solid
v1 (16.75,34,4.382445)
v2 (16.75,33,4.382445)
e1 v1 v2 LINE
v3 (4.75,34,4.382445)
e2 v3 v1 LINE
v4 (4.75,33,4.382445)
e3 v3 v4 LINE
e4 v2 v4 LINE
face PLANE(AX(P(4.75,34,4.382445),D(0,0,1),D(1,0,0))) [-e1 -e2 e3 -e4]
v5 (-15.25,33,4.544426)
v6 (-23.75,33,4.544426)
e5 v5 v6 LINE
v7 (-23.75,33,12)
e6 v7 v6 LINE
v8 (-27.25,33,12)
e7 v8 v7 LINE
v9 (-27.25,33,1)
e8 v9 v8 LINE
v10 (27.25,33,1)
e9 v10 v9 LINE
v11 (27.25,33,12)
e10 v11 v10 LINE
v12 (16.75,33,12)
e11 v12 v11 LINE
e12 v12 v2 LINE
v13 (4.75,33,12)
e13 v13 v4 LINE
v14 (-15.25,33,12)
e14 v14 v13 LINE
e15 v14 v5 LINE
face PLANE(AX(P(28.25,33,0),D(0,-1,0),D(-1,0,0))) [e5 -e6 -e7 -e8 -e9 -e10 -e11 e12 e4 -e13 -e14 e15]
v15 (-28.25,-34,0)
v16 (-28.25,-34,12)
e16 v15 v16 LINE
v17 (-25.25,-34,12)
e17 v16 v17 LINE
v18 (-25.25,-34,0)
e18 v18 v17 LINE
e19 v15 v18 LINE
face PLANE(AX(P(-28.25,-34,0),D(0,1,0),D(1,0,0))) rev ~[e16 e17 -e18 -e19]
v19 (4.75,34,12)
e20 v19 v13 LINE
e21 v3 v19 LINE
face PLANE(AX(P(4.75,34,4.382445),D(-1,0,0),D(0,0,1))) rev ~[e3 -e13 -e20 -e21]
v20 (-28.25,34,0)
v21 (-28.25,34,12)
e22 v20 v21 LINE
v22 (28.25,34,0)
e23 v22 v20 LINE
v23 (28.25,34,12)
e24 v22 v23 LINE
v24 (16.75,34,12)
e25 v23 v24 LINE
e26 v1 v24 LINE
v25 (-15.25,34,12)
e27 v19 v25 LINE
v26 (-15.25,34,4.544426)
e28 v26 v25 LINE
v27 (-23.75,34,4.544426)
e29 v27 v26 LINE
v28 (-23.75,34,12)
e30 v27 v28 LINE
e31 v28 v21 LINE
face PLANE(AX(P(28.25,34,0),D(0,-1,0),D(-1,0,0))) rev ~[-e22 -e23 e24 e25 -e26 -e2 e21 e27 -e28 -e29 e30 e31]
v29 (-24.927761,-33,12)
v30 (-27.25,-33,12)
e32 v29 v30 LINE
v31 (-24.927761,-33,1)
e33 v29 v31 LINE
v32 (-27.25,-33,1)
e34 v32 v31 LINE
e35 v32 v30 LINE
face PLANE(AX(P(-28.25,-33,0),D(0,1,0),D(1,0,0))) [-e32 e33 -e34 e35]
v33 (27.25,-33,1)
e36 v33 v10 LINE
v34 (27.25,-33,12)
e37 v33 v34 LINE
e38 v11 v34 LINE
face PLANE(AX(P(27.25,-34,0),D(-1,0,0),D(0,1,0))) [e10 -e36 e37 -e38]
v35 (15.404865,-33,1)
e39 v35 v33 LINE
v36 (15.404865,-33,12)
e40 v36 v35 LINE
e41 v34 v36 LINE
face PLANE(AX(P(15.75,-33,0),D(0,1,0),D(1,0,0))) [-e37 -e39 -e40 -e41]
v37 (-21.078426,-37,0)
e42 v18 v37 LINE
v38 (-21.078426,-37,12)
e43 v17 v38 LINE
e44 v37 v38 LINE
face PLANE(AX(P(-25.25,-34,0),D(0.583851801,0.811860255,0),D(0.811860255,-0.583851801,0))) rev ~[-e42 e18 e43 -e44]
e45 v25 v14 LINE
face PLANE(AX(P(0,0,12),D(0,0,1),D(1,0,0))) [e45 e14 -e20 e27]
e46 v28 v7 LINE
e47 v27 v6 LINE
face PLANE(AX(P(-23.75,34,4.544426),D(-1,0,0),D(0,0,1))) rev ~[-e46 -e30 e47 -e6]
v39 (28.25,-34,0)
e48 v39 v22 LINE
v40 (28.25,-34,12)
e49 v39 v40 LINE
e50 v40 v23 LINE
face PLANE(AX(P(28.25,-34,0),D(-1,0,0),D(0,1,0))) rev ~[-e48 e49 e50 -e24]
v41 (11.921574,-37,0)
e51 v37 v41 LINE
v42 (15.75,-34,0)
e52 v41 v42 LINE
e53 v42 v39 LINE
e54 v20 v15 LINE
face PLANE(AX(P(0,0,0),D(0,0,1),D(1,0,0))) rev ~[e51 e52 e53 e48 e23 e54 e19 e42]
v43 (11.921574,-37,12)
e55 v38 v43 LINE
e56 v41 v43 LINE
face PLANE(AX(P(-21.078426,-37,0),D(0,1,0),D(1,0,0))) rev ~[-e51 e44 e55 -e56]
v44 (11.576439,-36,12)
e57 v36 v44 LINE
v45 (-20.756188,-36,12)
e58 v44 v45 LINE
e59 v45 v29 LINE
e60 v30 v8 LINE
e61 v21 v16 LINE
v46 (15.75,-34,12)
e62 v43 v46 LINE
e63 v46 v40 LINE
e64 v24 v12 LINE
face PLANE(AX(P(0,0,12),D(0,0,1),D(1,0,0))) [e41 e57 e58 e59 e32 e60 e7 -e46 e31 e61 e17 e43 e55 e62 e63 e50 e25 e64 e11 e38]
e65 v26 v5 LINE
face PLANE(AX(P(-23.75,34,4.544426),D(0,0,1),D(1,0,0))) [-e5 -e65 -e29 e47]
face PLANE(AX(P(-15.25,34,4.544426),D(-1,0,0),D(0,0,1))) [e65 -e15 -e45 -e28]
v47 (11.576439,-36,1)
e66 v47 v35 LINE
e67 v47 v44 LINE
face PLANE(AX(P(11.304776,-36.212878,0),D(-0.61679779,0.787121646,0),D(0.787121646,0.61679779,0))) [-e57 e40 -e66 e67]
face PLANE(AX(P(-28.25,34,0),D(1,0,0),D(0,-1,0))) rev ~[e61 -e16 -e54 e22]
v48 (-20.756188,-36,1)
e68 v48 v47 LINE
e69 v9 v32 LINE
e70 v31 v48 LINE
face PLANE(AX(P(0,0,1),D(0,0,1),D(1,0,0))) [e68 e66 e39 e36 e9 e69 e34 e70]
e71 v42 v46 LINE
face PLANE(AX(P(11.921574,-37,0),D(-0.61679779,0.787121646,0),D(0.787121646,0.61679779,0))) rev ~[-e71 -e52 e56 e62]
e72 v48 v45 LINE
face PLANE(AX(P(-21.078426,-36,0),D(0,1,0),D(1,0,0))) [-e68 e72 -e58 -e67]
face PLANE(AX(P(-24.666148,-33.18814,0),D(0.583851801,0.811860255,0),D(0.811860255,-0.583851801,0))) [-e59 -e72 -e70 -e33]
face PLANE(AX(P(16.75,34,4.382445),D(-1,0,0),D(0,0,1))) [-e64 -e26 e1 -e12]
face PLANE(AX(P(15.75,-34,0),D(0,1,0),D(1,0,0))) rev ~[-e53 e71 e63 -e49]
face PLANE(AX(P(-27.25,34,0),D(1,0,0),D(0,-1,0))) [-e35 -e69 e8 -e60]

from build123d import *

# Parameters (mm, degrees)
F1_DEPTH = 12
F2_T     = -1
F4_W     = 12
F4_H     = 11
F4_W_2   = 8.5
F5_DEPTH = 5


with BuildPart() as f1:
    # F0 (on Top) → F1 (new body)
    with BuildSketch(Plane.XY):
        Polygon((28.25, 34), (-28.25, 34), (-28.25, -34), (-25.25, -34), (15.75, -34), (28.25, -34), align=None)
        Polygon((15.75, -34), (-25.25, -34), (-21.0784263909, -37), (11.9215736091, -37), align=None)
    extrude(amount=F1_DEPTH)

    # F2
    f2_openings = [f1.faces().sort_by_distance(p)[0] for p in [
        (-0.131058, -0.99532, 12),
    ]]
    offset(amount=F2_T, openings=f2_openings, kind=Kind.INTERSECTION)

    # F4 (on offset) → F5 (cut)
    with BuildSketch(Plane.XZ.offset(-34)):
        with Locations((10.75, 9.8824445456)):
            Rectangle(F4_W, F4_H)
        with Locations((-19.5, 10.0444257557)):
            Rectangle(F4_W_2, F4_H)
    extrude(amount=F5_DEPTH, mode=Mode.SUBTRACT)


solid = f1.part
